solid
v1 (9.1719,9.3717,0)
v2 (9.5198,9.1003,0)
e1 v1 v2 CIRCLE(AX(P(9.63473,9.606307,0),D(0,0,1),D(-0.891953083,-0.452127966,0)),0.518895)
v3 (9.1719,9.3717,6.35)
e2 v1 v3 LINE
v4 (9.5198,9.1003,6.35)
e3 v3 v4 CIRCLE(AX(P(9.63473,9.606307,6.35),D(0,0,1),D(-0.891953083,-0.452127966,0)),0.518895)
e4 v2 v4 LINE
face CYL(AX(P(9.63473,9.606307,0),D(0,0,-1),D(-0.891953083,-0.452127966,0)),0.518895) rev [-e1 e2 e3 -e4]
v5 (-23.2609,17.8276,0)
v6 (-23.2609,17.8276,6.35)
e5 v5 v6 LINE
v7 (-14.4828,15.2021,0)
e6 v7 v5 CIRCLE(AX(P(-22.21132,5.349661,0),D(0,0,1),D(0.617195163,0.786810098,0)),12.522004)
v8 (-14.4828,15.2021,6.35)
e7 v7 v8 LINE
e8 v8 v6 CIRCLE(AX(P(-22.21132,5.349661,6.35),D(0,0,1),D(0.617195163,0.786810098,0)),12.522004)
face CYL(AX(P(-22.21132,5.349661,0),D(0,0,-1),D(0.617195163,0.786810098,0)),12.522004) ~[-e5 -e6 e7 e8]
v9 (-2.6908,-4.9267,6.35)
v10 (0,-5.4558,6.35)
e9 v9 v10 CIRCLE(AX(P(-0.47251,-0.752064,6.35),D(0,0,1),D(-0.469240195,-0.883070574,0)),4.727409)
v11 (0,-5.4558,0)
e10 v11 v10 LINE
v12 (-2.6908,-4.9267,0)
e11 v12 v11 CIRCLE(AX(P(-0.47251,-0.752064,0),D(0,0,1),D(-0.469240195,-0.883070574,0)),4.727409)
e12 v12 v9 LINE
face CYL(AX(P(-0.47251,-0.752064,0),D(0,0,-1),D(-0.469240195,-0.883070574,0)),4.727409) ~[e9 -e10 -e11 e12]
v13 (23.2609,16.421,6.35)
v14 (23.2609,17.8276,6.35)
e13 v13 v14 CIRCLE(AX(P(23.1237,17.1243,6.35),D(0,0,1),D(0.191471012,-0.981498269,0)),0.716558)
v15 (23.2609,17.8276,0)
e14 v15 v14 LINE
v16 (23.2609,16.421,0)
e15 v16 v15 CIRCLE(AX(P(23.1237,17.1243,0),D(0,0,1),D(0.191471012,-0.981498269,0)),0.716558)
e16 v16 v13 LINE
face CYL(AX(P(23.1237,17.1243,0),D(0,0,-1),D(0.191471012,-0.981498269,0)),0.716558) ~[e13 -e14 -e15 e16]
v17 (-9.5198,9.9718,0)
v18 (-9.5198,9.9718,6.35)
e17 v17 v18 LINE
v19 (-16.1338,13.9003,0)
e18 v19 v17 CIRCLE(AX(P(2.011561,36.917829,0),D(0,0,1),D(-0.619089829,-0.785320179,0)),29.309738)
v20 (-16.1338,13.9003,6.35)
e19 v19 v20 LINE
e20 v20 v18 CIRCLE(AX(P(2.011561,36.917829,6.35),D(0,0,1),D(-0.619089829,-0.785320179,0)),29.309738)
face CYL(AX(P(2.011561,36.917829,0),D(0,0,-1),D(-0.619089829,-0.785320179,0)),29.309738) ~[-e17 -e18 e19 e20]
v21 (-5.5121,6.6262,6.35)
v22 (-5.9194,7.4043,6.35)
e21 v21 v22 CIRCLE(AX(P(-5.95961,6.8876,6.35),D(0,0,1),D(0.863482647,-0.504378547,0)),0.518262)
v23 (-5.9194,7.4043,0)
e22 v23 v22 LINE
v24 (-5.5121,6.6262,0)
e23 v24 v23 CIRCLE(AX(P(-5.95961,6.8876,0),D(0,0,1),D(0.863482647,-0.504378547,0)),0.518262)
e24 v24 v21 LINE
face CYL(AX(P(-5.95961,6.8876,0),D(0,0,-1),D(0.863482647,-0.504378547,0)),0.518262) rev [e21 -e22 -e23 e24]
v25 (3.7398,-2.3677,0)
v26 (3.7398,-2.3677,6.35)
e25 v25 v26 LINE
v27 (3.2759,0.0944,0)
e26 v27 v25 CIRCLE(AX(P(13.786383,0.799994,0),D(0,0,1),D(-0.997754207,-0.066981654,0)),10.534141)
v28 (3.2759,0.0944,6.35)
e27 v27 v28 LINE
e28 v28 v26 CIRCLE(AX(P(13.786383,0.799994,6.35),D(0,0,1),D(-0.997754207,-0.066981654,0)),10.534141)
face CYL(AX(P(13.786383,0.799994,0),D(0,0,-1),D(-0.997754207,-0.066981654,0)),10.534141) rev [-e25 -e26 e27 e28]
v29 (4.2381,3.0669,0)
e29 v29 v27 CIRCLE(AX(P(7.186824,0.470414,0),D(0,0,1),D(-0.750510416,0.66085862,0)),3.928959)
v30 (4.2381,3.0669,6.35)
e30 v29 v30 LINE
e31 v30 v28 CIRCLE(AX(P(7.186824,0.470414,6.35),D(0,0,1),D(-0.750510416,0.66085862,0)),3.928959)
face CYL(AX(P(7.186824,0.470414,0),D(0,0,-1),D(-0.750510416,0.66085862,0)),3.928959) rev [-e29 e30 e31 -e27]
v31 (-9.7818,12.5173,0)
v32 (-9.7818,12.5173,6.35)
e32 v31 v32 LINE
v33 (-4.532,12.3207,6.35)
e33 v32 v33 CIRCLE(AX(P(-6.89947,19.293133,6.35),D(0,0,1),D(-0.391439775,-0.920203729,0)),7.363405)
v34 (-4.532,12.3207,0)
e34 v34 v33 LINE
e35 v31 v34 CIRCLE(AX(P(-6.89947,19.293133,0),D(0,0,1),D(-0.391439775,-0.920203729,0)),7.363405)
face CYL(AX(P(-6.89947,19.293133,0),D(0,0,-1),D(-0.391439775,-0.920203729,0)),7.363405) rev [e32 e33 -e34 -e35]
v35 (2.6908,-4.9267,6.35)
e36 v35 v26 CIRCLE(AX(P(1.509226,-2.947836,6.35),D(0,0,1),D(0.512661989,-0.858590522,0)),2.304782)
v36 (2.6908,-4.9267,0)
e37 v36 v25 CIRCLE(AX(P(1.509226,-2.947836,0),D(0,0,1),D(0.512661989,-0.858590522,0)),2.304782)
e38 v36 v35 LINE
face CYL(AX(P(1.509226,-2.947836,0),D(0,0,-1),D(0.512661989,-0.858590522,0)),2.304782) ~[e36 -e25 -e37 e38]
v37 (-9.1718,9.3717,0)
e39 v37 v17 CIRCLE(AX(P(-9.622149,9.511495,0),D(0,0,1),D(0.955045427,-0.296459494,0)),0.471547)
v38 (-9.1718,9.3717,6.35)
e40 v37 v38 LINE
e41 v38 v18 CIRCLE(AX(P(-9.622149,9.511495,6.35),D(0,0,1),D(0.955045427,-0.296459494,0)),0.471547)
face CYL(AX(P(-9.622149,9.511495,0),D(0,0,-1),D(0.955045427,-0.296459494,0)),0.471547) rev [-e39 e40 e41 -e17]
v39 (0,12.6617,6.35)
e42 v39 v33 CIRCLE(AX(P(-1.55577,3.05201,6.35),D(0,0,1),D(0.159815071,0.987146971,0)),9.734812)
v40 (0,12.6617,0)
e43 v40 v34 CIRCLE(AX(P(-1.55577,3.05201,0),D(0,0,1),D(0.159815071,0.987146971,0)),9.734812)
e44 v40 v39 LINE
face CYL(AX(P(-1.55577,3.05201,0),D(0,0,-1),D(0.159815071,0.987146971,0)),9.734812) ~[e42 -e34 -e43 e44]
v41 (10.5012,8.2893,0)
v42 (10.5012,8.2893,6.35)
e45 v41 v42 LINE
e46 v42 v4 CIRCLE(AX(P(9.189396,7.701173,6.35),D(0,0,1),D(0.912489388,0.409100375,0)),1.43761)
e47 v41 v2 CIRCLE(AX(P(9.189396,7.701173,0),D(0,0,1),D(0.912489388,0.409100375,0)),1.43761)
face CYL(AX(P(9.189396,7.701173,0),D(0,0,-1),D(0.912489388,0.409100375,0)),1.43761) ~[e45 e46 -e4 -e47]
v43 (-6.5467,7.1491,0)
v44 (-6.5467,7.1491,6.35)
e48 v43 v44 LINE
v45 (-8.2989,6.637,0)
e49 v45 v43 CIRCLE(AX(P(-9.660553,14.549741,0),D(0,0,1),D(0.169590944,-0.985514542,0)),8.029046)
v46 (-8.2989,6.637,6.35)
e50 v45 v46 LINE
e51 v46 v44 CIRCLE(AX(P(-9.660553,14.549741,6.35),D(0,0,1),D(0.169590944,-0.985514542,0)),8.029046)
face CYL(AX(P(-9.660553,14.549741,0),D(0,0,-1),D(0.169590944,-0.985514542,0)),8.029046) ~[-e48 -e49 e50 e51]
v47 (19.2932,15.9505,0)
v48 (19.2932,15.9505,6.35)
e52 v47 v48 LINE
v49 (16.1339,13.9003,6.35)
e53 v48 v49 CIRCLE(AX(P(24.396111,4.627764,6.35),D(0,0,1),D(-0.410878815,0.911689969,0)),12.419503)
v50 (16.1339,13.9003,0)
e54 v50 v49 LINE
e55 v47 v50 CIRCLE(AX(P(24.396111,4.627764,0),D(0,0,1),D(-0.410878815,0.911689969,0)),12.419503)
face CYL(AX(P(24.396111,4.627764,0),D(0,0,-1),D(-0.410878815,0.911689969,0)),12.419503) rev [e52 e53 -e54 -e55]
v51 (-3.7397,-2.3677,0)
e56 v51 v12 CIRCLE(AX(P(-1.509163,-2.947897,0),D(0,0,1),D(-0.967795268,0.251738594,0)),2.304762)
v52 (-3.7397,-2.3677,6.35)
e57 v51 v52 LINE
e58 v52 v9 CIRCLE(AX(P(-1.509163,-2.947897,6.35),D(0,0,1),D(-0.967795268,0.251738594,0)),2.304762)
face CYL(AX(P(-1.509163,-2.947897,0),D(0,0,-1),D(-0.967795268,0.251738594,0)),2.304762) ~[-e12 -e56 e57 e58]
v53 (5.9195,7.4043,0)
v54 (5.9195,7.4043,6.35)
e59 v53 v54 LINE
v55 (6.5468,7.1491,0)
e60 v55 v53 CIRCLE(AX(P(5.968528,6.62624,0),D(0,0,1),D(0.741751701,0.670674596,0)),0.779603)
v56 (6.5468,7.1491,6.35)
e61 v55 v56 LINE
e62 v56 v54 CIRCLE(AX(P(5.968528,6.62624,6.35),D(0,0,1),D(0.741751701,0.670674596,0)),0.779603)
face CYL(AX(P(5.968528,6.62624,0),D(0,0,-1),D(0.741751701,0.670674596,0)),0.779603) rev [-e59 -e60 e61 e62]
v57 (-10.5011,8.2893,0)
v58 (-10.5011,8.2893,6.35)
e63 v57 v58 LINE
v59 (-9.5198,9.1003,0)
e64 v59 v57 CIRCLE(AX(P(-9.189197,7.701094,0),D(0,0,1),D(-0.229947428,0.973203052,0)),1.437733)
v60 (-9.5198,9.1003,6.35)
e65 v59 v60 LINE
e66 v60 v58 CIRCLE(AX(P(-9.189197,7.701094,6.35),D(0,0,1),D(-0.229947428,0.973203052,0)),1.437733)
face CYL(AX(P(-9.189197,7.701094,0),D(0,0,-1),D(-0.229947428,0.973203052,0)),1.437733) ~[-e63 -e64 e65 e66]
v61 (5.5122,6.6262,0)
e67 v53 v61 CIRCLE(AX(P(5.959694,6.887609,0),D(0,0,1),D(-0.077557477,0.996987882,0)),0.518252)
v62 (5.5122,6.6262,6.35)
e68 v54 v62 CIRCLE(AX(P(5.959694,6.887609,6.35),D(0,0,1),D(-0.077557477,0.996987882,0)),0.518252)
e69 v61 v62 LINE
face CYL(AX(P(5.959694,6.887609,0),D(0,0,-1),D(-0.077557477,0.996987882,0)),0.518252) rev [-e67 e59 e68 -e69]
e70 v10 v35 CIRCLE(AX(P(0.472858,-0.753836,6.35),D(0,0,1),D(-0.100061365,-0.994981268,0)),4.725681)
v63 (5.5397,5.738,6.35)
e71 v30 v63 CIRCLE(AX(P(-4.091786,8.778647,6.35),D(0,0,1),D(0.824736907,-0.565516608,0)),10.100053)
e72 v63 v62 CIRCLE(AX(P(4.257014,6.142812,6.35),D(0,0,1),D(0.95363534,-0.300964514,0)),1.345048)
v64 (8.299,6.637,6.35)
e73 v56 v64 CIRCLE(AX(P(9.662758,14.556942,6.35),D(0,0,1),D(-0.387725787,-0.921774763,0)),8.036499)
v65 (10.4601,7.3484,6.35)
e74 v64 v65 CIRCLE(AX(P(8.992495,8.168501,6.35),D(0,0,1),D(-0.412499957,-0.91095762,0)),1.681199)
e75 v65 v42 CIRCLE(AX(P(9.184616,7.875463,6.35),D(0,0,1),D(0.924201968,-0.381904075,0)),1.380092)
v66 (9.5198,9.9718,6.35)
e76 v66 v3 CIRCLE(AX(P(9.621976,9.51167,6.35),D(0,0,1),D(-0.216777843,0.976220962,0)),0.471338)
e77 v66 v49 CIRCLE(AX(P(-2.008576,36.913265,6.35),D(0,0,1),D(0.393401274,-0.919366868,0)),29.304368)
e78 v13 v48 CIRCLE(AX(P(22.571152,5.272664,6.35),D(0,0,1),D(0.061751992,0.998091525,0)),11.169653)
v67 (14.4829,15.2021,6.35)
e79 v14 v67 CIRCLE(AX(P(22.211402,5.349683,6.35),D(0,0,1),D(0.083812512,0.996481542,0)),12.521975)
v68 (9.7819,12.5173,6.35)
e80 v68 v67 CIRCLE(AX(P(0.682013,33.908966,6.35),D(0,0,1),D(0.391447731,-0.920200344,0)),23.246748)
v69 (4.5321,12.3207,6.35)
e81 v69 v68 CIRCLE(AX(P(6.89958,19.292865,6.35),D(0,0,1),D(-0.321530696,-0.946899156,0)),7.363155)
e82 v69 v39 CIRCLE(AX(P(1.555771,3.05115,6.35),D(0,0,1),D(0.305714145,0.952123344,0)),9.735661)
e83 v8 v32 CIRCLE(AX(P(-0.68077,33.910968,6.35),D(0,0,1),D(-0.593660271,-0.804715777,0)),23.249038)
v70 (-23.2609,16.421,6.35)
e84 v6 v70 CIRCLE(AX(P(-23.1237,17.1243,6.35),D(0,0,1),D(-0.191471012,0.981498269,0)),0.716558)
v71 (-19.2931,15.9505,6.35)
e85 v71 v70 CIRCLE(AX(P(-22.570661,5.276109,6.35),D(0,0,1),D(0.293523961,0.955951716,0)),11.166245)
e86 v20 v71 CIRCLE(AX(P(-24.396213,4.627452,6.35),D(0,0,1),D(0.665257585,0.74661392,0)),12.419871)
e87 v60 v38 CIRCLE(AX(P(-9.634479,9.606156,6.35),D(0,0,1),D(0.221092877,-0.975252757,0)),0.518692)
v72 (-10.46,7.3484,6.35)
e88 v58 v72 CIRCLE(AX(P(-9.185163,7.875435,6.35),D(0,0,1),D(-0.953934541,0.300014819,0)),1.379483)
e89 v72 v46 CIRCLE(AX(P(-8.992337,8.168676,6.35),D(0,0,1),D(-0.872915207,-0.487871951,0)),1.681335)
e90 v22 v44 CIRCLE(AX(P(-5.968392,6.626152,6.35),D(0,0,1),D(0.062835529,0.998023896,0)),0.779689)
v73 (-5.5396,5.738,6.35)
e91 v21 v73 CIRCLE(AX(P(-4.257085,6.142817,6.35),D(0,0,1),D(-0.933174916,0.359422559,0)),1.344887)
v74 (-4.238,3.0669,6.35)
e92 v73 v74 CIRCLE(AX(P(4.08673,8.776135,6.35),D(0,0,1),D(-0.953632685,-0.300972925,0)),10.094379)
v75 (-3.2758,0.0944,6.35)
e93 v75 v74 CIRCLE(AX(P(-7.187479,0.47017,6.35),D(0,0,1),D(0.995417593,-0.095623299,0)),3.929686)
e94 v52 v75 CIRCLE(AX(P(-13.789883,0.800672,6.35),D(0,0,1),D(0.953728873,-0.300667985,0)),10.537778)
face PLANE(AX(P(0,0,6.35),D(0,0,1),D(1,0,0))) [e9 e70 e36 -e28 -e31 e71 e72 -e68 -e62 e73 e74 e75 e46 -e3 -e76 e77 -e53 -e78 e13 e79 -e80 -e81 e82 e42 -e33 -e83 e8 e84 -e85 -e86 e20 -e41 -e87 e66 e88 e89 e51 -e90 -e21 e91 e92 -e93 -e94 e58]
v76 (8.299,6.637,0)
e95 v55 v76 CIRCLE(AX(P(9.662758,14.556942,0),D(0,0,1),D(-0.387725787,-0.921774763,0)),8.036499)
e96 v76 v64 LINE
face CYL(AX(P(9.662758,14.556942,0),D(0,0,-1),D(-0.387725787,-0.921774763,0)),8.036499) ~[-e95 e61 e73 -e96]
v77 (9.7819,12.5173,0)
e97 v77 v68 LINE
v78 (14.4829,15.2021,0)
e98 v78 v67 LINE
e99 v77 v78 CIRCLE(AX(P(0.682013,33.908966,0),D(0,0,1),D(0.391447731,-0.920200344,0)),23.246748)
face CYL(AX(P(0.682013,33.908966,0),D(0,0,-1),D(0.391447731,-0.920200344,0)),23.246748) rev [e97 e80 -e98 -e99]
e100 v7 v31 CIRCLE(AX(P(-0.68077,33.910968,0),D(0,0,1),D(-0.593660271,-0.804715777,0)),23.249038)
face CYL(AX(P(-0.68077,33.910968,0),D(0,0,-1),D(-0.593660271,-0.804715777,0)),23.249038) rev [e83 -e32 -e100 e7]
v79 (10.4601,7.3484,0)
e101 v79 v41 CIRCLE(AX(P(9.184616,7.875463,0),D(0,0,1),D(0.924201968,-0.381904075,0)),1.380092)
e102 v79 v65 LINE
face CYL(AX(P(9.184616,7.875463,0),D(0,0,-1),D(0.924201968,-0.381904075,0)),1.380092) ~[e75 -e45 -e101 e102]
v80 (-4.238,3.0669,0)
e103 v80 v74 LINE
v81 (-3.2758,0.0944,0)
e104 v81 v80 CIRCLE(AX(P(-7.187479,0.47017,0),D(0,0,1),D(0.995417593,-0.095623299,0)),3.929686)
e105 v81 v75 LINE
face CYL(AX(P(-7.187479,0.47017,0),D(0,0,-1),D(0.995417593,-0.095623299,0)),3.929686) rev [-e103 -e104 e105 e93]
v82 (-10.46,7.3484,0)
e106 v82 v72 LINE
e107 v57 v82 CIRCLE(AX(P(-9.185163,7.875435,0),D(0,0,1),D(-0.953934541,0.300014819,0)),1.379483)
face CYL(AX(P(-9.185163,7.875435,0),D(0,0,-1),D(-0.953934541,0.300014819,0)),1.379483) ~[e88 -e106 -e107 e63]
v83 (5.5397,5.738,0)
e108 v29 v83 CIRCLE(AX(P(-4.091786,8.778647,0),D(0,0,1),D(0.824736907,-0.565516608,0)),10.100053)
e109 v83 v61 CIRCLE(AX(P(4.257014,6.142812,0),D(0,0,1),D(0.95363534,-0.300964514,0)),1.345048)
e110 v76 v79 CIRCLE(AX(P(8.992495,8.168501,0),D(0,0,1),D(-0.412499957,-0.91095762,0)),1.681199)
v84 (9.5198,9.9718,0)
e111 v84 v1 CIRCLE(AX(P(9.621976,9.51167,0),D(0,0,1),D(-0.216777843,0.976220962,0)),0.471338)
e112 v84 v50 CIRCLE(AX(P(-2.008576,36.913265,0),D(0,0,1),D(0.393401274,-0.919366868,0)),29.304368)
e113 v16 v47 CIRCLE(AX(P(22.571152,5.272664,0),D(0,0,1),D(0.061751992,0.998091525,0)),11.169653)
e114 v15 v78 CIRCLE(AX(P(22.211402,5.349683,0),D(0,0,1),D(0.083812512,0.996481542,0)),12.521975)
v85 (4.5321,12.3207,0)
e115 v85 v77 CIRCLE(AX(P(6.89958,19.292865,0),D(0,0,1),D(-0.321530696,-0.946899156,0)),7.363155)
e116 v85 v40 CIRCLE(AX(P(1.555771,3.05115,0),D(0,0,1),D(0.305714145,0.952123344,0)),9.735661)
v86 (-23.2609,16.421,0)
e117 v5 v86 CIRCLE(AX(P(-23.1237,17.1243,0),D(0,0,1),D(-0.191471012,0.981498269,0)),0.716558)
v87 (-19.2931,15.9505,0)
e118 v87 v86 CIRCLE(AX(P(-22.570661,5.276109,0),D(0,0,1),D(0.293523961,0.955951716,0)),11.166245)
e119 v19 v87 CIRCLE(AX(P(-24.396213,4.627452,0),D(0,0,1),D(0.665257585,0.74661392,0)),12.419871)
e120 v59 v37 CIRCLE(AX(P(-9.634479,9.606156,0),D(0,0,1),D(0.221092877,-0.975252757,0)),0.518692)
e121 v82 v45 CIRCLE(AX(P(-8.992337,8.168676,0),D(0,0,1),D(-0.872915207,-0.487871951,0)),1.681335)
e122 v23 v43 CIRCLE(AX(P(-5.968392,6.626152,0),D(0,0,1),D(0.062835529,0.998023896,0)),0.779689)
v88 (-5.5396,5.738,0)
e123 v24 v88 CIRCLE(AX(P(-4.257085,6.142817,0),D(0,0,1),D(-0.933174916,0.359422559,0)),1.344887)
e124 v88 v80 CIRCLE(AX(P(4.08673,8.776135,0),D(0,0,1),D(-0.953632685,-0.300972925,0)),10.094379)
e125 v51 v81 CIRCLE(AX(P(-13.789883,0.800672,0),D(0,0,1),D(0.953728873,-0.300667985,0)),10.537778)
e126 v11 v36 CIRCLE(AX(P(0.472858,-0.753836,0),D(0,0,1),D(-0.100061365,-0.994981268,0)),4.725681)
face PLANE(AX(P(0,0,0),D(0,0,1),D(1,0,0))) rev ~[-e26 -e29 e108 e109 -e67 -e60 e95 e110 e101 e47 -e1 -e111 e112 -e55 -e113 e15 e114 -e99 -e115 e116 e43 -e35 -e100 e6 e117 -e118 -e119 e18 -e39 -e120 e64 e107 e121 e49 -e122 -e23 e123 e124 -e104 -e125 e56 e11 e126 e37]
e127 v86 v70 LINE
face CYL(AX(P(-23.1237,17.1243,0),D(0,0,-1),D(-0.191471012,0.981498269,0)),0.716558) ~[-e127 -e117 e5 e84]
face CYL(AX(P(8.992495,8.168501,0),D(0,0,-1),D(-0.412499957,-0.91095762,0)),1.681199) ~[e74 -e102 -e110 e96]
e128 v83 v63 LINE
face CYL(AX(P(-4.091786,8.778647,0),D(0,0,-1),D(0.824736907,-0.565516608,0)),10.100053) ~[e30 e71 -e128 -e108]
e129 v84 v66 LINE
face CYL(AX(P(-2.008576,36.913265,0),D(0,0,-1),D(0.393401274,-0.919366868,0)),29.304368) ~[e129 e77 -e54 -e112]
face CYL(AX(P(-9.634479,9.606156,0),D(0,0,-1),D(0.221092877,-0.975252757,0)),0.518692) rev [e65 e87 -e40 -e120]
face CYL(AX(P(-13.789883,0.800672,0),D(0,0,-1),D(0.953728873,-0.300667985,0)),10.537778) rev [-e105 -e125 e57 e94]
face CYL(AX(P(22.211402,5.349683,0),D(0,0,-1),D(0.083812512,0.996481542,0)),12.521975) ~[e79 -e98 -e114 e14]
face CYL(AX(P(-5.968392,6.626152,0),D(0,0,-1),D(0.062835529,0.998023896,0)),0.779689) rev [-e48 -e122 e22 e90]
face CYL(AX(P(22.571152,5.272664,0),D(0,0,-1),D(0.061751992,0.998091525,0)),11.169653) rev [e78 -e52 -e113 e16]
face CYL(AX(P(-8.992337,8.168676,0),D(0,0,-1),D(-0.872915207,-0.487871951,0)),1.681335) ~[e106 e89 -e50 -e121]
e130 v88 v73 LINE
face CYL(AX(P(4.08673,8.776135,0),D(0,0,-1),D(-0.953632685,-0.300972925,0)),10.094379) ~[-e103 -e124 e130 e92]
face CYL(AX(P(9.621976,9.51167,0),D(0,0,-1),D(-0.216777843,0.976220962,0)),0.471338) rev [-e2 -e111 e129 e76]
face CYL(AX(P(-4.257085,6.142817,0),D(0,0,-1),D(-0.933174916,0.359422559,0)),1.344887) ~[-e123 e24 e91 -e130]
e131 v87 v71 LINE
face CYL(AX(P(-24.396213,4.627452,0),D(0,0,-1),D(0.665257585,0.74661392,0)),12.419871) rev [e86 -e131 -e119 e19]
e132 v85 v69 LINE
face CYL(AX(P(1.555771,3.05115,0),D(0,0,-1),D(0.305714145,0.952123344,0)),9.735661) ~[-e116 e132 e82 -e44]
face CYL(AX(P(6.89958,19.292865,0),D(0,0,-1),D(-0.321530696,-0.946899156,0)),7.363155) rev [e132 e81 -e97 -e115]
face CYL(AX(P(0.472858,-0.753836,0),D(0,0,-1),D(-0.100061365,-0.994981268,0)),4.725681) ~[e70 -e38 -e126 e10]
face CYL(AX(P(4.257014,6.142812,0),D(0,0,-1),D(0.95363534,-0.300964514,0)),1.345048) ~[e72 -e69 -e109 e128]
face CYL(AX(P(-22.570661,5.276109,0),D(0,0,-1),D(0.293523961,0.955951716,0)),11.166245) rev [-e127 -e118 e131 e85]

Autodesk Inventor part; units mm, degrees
ref_plane "YZ Plane" through (0, 0, 0) normal (1, 0, 0) x (0, 1, 0)
ref_plane "Work Plane3" through (0, 0, 0) normal (0, 0, 1) x (1, 0, 0)
ref_plane "Work Plane1" through (0, 0, 0) normal (0, 0, 1) x (1, 0, 0)
sketch "Sketch3" plane through (0, 0, 0) normal (0, 0, 1) x (1, 0, 0)
  arc A0 (-14.4828, 15.2021) -> (-23.2609, 17.8276) centre (-22.2113, 5.3497) ccw
  arc A1 (-14.4828, 15.2021) -> (-9.7818, 12.5173) centre (-0.6814, 33.91) ccw
  arc A2 (0, 12.6617) -> (-4.532, 12.3207) centre (-1.5558, 3.0513) ccw
  arc A3 (-9.7818, 12.5173) -> (-4.532, 12.3207) centre (-6.8995, 19.293) ccw
  arc A4 (-23.2609, 17.8276) -> (-23.2609, 16.421) centre (-23.1237, 17.1243) ccw
  arc A5 (-19.2931, 15.9505) -> (-23.2609, 16.421) centre (-22.571, 5.2745) ccw
  arc A6 (-16.1338, 13.9003) -> (-19.2931, 15.9505) centre (-24.3961, 4.6276) ccw
  arc A7 (-16.1338, 13.9003) -> (-9.5198, 9.9718) centre (2.009, 36.9141) ccw
  arc A8 (-8.2989, 6.637) -> (-6.5467, 7.1491) centre (-9.6614, 14.5534) ccw
  arc A9 (-5.5396, 5.738) -> (-4.238, 3.0669) centre (4.0894, 8.7772) ccw
  arc A10 (-3.2758, 0.0944) -> (-4.238, 3.0669) centre (-7.1872, 0.4702) ccw
  arc A11 (-3.7397, -2.3677) -> (-3.2758, 0.0944) centre (-13.788, 0.8002) ccw
  arc A12 (-3.7397, -2.3677) -> (-2.6908, -4.9267) centre (-1.5092, -2.9479) ccw
  arc A13 (-2.6908, -4.9267) -> (0, -5.4558) centre (-0.4727, -0.7526) ccw
  arc A14 (-9.1718, 9.3717) -> (-9.5198, 9.9718) centre (-9.6221, 9.5115) ccw
  arc A15 (-5.9194, 7.4043) -> (-6.5467, 7.1491) centre (-5.9684, 6.6262) ccw
  arc A16 (-5.5121, 6.6262) -> (-5.9194, 7.4043) centre (-5.9596, 6.8876) ccw
  arc A17 (-5.5121, 6.6262) -> (-5.5396, 5.738) centre (-4.257, 6.1428) ccw
  arc A18 (-9.5198, 9.1003) -> (-9.1718, 9.3717) centre (-9.6345, 9.6062) ccw
  arc A19 (-9.5198, 9.1003) -> (-10.5011, 8.2893) centre (-9.1892, 7.7011) ccw
  arc A20 (-10.46, 7.3484) -> (-8.2989, 6.637) centre (-8.9924, 8.1686) ccw
  arc A21 (-10.5011, 8.2893) -> (-10.46, 7.3484) centre (-9.1849, 7.8754) ccw
  arc A22 (23.2609, 17.8276) -> (14.4829, 15.2021) centre (22.2114, 5.3497) ccw
  arc A23 (9.7819, 12.5173) -> (14.4829, 15.2021) centre (0.6815, 33.91) ccw
  arc A24 (4.5321, 12.3207) -> (0, 12.6617) centre (1.5558, 3.0513) ccw
  arc A25 (4.5321, 12.3207) -> (9.7819, 12.5173) centre (6.8996, 19.293) ccw
  arc A26 (23.2609, 16.421) -> (23.2609, 17.8276) centre (23.1237, 17.1243) ccw
  arc A27 (23.2609, 16.421) -> (19.2932, 15.9505) centre (22.5711, 5.2745) ccw
  arc A28 (19.2932, 15.9505) -> (16.1339, 13.9003) centre (24.3962, 4.6276) ccw
  arc A29 (9.5198, 9.9718) -> (16.1339, 13.9003) centre (-2.009, 36.9141) ccw
  arc A30 (6.5468, 7.1491) -> (8.299, 6.637) centre (9.6615, 14.5534) ccw
  arc A31 (4.2381, 3.0669) -> (5.5397, 5.738) centre (-4.0893, 8.7772) ccw
  arc A32 (4.2381, 3.0669) -> (3.2759, 0.0944) centre (7.1872, 0.4702) ccw
  arc A33 (3.2759, 0.0944) -> (3.7398, -2.3677) centre (13.788, 0.8002) ccw
  arc A34 (2.6908, -4.9267) -> (3.7398, -2.3677) centre (1.5093, -2.9479) ccw
  arc A35 (0, -5.4558) -> (2.6908, -4.9267) centre (0.4728, -0.7526) ccw
  arc A36 (9.5198, 9.9718) -> (9.1719, 9.3717) centre (9.6221, 9.5115) ccw
  arc A37 (6.5468, 7.1491) -> (5.9195, 7.4043) centre (5.9685, 6.6262) ccw
  arc A38 (5.9195, 7.4043) -> (5.5122, 6.6262) centre (5.9597, 6.8876) ccw
  arc A39 (5.5397, 5.738) -> (5.5122, 6.6262) centre (4.2571, 6.1428) ccw
  arc A40 (9.1719, 9.3717) -> (9.5198, 9.1003) centre (9.6346, 9.6062) ccw
  arc A41 (10.5012, 8.2893) -> (9.5198, 9.1003) centre (9.1893, 7.7011) ccw
  arc A42 (8.299, 6.637) -> (10.4601, 7.3484) centre (8.9925, 8.1686) ccw
  arc A43 (10.4601, 7.3484) -> (10.5012, 8.2893) centre (9.1849, 7.8754) ccw
  point P0 (0, 0)
extrude "Extrusion2" add sketch "Sketch3" along normal blind 6.35
properties part number "UT Longhorn"
